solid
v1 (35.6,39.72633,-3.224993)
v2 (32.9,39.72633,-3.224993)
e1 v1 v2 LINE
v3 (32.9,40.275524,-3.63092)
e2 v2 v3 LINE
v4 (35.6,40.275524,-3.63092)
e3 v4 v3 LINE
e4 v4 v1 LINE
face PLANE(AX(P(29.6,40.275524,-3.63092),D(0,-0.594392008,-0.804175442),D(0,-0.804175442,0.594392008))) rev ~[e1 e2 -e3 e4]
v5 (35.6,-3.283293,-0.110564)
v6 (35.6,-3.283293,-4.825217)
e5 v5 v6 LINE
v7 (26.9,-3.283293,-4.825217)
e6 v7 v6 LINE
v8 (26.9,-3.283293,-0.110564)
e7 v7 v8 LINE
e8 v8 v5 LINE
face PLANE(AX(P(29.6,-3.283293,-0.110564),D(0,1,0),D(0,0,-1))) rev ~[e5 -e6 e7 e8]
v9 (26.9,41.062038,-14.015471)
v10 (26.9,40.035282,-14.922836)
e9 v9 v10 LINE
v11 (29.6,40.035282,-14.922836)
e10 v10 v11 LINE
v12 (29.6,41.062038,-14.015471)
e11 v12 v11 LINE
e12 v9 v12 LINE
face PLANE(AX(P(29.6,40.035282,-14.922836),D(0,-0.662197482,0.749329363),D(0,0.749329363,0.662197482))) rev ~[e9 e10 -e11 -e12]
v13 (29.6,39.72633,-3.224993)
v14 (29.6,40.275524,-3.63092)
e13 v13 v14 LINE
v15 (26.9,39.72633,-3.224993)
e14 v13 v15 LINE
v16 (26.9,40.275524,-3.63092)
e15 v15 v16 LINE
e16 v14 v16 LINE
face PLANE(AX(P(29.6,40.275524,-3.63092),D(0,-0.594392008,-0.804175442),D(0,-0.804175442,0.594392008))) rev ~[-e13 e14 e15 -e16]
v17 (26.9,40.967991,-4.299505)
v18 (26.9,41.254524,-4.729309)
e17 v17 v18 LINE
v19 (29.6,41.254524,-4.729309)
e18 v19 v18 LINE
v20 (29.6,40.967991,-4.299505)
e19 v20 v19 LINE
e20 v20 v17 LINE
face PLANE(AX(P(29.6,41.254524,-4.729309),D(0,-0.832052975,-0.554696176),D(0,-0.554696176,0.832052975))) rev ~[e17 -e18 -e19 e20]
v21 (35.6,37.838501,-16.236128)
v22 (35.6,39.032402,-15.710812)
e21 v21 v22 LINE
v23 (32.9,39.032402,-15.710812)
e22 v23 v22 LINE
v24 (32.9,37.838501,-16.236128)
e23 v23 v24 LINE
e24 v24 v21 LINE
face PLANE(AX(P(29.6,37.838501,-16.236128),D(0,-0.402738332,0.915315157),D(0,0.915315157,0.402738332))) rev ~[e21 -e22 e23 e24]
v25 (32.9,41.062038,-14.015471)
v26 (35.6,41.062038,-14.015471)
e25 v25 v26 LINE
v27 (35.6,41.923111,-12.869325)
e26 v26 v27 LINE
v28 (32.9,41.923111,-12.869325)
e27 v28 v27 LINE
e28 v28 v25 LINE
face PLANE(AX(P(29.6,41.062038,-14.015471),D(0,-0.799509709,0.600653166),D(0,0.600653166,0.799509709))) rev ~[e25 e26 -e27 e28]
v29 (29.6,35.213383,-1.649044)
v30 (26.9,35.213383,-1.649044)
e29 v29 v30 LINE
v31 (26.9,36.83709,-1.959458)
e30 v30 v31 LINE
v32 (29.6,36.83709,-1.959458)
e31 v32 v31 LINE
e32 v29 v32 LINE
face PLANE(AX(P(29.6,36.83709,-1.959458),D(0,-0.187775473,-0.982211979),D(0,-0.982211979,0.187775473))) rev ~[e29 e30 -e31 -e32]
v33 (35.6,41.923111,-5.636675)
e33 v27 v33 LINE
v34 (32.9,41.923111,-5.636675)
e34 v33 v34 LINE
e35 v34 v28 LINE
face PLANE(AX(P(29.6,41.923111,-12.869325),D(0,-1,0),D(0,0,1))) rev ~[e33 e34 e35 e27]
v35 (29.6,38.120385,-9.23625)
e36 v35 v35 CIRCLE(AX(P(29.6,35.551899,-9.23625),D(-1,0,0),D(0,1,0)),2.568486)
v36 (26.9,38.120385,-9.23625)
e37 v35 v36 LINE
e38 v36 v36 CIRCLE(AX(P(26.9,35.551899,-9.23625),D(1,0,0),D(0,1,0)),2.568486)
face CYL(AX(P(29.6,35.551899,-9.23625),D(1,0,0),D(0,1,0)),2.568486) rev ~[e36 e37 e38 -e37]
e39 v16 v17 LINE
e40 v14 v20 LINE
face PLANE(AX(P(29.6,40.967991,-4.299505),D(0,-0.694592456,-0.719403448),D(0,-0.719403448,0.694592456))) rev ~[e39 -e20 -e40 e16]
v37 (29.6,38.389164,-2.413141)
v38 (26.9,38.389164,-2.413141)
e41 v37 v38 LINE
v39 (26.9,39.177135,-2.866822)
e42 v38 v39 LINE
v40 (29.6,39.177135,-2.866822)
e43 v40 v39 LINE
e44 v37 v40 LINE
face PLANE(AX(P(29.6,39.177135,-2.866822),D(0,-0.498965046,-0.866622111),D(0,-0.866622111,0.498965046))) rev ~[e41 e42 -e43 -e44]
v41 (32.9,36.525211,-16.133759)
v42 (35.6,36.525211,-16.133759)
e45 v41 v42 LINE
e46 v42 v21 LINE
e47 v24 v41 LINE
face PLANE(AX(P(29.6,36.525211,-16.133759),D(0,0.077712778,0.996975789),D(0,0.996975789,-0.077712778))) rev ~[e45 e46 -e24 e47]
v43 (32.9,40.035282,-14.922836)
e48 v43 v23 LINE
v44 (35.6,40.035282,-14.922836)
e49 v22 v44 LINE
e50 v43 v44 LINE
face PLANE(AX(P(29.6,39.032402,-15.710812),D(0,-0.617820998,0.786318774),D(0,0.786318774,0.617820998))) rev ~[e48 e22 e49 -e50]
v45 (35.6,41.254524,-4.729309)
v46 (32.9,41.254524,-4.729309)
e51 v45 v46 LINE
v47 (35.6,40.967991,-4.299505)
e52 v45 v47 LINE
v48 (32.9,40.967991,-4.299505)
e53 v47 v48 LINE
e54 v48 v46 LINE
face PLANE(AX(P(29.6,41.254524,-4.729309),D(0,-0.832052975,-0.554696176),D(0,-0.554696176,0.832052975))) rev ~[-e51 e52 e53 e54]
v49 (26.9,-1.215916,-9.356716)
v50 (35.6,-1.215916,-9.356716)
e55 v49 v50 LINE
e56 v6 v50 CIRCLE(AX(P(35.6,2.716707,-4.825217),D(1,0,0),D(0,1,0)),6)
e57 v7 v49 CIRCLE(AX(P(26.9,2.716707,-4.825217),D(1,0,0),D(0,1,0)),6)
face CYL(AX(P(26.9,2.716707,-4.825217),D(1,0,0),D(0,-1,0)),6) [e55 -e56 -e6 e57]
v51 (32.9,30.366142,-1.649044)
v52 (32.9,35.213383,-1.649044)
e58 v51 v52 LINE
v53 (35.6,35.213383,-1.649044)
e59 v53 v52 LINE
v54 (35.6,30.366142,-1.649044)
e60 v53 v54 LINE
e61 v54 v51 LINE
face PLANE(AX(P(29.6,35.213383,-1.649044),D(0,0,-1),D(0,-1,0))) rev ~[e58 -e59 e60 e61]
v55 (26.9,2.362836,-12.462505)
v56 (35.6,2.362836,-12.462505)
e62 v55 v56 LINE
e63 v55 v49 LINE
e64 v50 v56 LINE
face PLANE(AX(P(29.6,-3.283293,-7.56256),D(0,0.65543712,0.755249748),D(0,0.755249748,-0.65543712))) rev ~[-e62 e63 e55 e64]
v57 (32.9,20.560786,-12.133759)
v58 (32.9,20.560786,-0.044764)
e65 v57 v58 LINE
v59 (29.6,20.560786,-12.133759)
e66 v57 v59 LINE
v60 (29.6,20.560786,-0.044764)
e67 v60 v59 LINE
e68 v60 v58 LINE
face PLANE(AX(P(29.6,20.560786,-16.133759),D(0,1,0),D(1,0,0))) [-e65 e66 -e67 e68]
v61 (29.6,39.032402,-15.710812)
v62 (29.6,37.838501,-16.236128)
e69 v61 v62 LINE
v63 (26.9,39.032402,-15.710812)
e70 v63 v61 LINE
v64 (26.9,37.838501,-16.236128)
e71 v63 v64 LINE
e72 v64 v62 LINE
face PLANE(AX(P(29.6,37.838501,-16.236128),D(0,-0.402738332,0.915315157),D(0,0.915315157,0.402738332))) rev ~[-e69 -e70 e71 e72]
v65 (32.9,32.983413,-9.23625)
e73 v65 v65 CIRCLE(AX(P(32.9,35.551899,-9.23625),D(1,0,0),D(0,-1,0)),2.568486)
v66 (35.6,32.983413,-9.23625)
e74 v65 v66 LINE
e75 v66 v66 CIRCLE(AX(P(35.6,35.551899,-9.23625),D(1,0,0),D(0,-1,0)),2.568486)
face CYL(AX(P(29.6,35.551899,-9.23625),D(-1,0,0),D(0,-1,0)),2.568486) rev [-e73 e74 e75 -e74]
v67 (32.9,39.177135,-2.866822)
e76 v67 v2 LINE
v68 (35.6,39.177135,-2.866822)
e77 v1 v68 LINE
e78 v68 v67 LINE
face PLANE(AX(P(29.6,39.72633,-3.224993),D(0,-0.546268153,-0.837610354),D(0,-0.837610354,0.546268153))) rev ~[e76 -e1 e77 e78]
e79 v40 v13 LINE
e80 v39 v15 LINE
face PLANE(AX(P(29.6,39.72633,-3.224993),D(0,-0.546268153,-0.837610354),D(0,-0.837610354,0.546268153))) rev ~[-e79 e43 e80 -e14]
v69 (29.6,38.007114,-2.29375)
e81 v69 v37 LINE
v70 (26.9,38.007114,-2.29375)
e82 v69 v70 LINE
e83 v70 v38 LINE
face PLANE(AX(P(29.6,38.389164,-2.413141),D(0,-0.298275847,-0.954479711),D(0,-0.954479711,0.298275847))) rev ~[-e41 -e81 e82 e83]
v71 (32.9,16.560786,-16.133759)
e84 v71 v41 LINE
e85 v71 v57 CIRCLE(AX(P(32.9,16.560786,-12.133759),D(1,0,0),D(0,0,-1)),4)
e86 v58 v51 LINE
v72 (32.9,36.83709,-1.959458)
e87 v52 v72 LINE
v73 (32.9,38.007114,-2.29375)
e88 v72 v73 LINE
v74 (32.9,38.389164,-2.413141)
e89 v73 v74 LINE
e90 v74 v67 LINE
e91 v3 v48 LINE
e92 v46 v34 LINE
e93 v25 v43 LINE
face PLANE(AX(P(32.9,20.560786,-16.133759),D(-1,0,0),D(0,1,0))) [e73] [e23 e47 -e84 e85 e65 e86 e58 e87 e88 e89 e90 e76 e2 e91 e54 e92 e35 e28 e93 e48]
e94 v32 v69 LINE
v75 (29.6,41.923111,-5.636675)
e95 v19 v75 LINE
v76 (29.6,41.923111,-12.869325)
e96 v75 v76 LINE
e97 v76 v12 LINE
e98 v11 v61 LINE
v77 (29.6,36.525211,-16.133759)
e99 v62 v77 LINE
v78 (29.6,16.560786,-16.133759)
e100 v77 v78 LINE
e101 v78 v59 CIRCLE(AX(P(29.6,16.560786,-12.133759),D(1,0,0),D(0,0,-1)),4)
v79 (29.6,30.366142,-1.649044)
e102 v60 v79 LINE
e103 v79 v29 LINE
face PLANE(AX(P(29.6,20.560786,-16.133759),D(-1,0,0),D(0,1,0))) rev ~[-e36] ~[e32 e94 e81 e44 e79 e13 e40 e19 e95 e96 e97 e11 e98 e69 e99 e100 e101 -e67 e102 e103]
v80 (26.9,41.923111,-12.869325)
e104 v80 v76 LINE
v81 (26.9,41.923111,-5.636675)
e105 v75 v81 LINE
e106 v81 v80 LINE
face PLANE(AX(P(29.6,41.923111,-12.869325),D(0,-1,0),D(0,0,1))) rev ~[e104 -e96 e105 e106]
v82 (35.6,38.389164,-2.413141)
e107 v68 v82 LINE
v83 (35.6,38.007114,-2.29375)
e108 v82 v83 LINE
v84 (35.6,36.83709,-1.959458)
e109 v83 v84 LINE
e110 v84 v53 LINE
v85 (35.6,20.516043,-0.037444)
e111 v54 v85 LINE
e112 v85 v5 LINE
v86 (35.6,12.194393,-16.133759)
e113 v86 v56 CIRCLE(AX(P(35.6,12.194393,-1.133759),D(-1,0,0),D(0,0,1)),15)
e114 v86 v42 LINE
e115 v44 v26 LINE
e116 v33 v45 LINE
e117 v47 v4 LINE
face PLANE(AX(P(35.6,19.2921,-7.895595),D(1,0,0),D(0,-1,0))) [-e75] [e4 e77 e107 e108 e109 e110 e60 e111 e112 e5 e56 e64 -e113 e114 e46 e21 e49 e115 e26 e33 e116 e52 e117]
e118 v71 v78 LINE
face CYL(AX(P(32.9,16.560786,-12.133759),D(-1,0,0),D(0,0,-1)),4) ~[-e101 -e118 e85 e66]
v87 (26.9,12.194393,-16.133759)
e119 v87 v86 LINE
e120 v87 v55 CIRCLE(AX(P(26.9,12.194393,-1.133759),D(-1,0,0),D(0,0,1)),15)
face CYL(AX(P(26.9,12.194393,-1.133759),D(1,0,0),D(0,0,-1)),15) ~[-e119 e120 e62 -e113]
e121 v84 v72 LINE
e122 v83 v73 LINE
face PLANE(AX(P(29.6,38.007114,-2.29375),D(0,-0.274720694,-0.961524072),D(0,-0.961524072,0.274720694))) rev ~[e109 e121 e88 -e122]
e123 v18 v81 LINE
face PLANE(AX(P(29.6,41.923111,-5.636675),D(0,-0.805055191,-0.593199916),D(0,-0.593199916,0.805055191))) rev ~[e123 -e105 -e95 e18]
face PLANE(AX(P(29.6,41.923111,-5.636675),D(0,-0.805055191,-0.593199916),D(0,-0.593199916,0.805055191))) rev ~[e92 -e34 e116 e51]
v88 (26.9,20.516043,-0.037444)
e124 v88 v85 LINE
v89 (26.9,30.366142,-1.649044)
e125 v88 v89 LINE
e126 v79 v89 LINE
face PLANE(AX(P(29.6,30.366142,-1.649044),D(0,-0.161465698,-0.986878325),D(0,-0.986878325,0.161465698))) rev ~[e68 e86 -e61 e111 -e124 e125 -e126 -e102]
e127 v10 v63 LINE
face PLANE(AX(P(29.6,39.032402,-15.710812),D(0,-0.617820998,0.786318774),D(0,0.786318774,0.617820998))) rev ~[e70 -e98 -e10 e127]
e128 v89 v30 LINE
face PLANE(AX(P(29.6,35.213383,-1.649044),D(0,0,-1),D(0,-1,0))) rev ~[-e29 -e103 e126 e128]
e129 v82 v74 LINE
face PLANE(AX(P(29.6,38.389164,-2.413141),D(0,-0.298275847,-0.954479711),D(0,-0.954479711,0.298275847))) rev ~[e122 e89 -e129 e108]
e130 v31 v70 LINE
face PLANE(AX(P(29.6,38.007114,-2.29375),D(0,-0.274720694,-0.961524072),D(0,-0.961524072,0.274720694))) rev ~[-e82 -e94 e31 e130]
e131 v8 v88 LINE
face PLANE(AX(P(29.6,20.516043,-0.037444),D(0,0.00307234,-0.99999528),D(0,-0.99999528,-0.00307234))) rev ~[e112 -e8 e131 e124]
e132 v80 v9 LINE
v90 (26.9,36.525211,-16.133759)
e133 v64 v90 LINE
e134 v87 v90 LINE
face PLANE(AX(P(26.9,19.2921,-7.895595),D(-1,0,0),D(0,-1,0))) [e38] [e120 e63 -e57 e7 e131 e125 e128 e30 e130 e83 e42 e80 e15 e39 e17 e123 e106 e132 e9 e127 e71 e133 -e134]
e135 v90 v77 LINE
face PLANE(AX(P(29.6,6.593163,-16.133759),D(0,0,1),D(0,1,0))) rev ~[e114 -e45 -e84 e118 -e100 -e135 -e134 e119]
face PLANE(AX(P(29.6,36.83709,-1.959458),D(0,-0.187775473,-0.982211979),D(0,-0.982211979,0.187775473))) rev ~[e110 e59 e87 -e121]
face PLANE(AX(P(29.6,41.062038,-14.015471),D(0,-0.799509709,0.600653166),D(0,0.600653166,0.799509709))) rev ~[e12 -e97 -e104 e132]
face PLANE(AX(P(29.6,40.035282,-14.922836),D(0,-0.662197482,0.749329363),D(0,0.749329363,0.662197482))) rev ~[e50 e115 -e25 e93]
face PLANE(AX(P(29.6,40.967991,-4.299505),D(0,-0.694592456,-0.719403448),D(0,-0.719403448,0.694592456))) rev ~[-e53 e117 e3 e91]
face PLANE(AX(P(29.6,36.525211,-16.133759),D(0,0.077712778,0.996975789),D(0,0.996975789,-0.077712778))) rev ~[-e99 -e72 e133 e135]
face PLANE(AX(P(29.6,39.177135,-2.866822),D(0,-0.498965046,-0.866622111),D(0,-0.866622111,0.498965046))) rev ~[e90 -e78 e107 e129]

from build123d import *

# Parameters (mm, degrees)
SKETCH013_R     = 2.568486
PAD009_DEPTH    = 2.7
PAD009_FACE24_R = 2.568486
PAD010_DEPTH    = 6
SKETCH014_W     = 26.409815
SKETCH014_H     = 3.3
POCKET002_DEPTH = 17.5
FILLET004_R     = 15
FILLET005_R     = 4
FILLET006_R     = 6


with BuildPart() as part:
    # Sketch013 → Pad009 (new body)
    with BuildSketch(Plane.YZ.offset(2.7)):
        Polygon((20.516043, -0.037444), (30.366142, -1.649044), (35.213383, -1.649044), (36.83709, -1.959458), (38.007114, -2.29375), (38.389164, -2.413141), (39.177135, -2.866822), (39.72633, -3.224993), (40.275524, -3.63092), (40.967991, -4.299505), (41.254524, -4.729309), (41.923111, -5.636675), (41.923111, -12.869325), (41.062038, -14.015471), (40.035282, -14.922836), (39.032402, -15.710812), (37.838501, -16.236128), (36.525211, -16.133759), (35.140285, -16.133759), (6.593163, -16.133759), (-3.283293, -7.56256), (-3.283293, -0.110564), align=None)
        with Locations((35.551899, -9.23625)):
            Circle(SKETCH013_R, mode=Mode.SUBTRACT)
    extrude(amount=-PAD009_DEPTH)

    # Pad009 Face24 → Pad010 (add)
    with BuildSketch(Plane(origin=(2.7, 19.058053, -8.03373), x_dir=(0, -1, 0), z_dir=(1, 0, 0))):
        Polygon((-11.308089, -6.384686), (-1.45799, -7.996286), (22.341346, -7.923166), (22.341346, -0.47117), (12.46489, 8.100029), (-16.082232, 8.100029), (-17.467158, 8.100029), (-18.780448, 8.202398), (-19.974349, 7.677082), (-20.977229, 6.889106), (-22.003985, 5.981741), (-22.865058, 4.835595), (-22.865058, -2.397055), (-22.196471, -3.304421), (-21.909938, -3.734225), (-21.217471, -4.40281), (-20.668277, -4.808737), (-20.119082, -5.166908), (-19.331111, -5.620589), (-18.949061, -5.73998), (-17.779037, -6.074272), (-16.15533, -6.384686), align=None)
        with Locations((-16.493846, 1.20252)):
            Circle(PAD009_FACE24_R, mode=Mode.SUBTRACT)
    extrude(amount=PAD010_DEPTH)

    # Sketch014 (on Face46 of Pad010) → Pocket002 (cut, symmetric)
    with BuildSketch(Plane.YX.offset(16.133759)):
        with Locations((33.765693, 4.35)):
            Rectangle(SKETCH014_W, SKETCH014_H)
    extrude(amount=POCKET002_DEPTH, both=True, mode=Mode.SUBTRACT)

    # Fillet004
    fillet004_edges = [part.edges().sort_by_distance(p)[0] for p in [
        (5.7, 6.593163, -16.133759),
    ]]
    fillet(fillet004_edges, radius=FILLET004_R)

    # Fillet005
    fillet005_edges = [part.edges().sort_by_distance(p)[0] for p in [
        (4.35, 20.560785, -16.133759),
    ]]
    fillet(fillet005_edges, radius=FILLET005_R)

    # Fillet006
    fillet006_edges = [part.edges().sort_by_distance(p)[0] for p in [
        (5.7, -3.283293, -7.56256),
    ]]
    fillet(fillet006_edges, radius=FILLET006_R)


with BuildPart() as part_1:
    # Body005 placement: moved
    add(part.part.moved(Location((26.9, 0, 0))))


solid = part_1.part
